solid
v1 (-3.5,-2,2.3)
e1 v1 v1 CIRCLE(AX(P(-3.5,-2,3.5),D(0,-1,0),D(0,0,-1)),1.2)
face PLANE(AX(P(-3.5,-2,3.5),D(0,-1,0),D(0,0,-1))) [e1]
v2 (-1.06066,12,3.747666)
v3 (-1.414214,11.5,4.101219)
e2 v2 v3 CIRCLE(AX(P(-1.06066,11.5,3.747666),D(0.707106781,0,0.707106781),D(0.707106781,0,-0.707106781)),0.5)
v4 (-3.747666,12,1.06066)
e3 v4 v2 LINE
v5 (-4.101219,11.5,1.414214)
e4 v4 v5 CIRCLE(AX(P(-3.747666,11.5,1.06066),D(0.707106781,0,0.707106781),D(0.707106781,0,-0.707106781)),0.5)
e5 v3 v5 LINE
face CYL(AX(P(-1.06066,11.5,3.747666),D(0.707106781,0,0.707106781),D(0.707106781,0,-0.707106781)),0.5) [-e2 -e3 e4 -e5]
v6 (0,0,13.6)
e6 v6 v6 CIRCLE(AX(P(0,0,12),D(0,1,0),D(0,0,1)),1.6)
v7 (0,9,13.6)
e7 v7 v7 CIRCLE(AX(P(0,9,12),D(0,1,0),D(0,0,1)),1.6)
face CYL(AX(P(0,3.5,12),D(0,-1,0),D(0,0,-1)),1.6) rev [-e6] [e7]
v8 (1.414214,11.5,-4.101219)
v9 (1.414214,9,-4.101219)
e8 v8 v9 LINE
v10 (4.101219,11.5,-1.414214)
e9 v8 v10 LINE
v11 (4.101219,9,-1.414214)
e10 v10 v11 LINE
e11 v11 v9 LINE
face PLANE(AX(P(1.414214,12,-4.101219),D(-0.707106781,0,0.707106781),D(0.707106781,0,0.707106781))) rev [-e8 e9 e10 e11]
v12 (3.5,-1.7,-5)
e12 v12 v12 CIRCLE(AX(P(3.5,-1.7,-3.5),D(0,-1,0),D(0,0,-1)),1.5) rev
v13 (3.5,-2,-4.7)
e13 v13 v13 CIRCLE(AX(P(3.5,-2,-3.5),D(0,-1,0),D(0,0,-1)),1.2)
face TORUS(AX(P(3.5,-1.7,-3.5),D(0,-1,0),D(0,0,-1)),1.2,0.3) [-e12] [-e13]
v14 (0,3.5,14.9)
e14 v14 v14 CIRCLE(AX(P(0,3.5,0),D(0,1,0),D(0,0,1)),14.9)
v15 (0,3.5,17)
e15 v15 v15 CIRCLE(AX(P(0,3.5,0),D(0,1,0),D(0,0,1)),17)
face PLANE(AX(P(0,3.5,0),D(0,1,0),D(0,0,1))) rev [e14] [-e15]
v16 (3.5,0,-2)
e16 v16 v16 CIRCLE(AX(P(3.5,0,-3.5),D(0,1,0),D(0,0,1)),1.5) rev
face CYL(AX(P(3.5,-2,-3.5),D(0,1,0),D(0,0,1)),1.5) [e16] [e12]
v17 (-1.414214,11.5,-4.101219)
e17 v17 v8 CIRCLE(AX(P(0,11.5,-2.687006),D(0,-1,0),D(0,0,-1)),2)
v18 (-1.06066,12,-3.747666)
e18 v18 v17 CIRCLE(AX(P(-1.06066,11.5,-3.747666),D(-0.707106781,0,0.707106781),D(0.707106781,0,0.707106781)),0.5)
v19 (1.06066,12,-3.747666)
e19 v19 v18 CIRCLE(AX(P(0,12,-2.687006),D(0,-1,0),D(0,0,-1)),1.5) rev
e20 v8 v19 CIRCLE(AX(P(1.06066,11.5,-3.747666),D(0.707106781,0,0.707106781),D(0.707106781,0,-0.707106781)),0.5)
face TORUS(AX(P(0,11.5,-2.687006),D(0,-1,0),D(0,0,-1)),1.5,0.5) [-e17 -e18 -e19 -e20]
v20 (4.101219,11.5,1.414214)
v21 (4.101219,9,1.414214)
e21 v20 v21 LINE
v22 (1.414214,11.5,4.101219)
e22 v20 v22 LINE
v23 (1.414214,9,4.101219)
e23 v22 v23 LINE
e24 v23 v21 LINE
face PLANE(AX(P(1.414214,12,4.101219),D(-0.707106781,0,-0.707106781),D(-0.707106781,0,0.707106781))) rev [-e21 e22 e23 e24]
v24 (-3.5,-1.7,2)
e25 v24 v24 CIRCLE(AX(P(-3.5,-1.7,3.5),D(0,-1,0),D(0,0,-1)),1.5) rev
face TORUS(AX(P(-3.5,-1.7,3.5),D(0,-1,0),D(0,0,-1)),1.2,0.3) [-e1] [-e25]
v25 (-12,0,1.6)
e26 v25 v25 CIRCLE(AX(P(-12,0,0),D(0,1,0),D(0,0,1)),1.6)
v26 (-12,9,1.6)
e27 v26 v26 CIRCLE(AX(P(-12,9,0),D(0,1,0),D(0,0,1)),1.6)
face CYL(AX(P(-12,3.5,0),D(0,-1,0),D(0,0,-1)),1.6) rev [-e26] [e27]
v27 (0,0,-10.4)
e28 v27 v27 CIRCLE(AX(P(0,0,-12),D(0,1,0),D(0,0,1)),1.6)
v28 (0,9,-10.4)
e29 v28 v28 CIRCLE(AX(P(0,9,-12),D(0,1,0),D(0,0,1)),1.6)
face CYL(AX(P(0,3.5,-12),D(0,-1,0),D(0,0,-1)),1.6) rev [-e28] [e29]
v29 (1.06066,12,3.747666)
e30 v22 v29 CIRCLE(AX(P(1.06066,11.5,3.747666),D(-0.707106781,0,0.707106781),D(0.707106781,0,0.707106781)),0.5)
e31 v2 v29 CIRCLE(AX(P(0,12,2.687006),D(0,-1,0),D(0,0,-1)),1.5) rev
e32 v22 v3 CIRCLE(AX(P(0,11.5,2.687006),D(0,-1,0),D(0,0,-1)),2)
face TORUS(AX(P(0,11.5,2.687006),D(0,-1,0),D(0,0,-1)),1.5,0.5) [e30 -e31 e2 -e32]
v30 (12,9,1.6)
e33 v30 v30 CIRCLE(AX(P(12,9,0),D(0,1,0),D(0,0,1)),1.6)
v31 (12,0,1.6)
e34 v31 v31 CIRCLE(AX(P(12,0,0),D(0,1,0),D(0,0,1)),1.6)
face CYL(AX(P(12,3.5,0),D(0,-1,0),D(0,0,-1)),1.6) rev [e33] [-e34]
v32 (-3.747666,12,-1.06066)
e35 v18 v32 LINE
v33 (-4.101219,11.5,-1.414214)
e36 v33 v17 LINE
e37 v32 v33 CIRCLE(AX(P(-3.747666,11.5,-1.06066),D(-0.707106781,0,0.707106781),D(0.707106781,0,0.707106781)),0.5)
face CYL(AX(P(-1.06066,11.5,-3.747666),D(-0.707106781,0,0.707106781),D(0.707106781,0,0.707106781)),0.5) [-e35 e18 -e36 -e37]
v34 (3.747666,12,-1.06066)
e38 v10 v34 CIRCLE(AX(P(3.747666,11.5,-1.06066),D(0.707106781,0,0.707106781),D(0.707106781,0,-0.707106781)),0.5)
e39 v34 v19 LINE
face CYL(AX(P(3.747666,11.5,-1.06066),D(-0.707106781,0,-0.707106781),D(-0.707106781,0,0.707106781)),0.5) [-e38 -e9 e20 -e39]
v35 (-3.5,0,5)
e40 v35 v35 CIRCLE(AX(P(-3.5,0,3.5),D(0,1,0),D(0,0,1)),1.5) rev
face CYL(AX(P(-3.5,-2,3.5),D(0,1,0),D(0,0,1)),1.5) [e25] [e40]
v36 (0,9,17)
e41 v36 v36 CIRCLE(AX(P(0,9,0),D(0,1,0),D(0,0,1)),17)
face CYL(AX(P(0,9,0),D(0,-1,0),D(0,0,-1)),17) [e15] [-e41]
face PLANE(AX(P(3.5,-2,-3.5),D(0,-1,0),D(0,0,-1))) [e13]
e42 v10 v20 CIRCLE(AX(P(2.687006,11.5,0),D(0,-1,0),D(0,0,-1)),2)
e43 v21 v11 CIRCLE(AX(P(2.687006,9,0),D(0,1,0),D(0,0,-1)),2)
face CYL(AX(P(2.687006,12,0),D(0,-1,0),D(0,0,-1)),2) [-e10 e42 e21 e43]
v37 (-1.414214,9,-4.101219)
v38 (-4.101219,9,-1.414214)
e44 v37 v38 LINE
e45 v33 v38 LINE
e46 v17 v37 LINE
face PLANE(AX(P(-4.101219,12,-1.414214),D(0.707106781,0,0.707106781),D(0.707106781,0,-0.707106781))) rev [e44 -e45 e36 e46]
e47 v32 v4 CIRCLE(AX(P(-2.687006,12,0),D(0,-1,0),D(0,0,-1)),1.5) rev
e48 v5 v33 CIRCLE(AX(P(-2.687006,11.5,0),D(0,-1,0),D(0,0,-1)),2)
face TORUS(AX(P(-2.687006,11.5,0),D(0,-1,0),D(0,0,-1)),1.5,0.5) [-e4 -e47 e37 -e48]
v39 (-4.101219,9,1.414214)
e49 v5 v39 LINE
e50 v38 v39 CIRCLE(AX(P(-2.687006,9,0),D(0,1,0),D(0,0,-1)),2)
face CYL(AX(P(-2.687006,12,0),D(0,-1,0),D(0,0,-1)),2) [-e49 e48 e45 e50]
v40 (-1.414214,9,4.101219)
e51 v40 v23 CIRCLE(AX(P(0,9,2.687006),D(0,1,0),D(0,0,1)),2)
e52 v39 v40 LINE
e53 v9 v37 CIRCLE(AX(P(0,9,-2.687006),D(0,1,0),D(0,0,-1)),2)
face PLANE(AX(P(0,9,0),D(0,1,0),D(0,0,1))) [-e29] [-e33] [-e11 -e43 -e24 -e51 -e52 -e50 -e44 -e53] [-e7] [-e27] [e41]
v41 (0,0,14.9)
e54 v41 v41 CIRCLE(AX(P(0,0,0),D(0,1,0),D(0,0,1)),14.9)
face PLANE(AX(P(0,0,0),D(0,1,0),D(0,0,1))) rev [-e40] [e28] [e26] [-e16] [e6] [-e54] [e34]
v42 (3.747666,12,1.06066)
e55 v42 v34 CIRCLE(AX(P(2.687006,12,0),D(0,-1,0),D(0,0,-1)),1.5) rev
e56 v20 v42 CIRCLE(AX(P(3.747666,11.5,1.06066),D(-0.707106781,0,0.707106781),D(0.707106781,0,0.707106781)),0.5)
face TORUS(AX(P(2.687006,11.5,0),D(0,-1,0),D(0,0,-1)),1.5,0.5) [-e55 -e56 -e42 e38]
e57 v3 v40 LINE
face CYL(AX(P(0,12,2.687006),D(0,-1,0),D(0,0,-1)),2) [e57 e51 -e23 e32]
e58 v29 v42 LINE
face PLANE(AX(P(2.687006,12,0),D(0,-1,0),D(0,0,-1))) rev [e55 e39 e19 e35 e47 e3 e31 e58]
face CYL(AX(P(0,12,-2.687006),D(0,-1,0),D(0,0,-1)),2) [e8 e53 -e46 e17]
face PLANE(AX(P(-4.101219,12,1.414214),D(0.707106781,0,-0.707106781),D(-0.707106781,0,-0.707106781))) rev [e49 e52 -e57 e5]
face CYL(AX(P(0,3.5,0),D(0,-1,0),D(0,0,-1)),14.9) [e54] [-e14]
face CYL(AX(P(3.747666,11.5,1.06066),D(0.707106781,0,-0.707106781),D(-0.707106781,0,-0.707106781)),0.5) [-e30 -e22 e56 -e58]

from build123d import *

# Parameters (mm, degrees)
SKETCH1_R           = 14.9
SKETCH1_R_2         = 1.6
BOSS_EXTRUDE1_DEPTH = 3.5
SKETCH2_R           = 1.5
BOSS_EXTRUDE2_DEPTH = 2
FILLET1_R           = 0.3
SKETCH3_R           = 17
SKETCH3_R_2         = 1.6
BOSS_EXTRUDE3_DEPTH = 5.5
BOSS_EXTRUDE4_DEPTH = 3
FILLET2_R           = 0.5


with BuildPart() as part:
    # Sketch1 → Boss-Extrude1 (new body)
    with BuildSketch(Plane(origin=(0, 0, 0), x_dir=(1, 0, 0), z_dir=(0, 1, 0))):
        Circle(SKETCH1_R)
        with Locations((0, 12)):
            Circle(SKETCH1_R_2, mode=Mode.SUBTRACT)
        with Locations((12, 0)):
            Circle(SKETCH1_R_2, mode=Mode.SUBTRACT)
        with Locations((0, -12)):
            Circle(SKETCH1_R_2, mode=Mode.SUBTRACT)
        with Locations((-12, 0)):
            Circle(SKETCH1_R_2, mode=Mode.SUBTRACT)
    extrude(amount=BOSS_EXTRUDE1_DEPTH)

    # Sketch2 → Boss-Extrude2 (add)
    with BuildSketch(Plane.XZ):
        with Locations((3.5, -3.5)):
            Circle(SKETCH2_R)
        with Locations((-3.5, 3.5)):
            Circle(SKETCH2_R)
    extrude(amount=BOSS_EXTRUDE2_DEPTH)

    # Fillet1
    fillet1_edges = [part.edges().sort_by_distance(p)[0] for p in [
        (2, -2, -3.5),
        (-5, -2, 3.5),
    ]]
    fillet(fillet1_edges, radius=FILLET1_R)

    # Sketch3 → Boss-Extrude3 (add)
    with BuildSketch(Plane(origin=(0, 3.5, 0), x_dir=(1, 0, 0), z_dir=(0, 1, 0))):
        Circle(SKETCH3_R)
        with Locations((12, 0)):
            Circle(SKETCH3_R_2, mode=Mode.SUBTRACT)
        with Locations((0, -12)):
            Circle(SKETCH3_R_2, mode=Mode.SUBTRACT)
        with Locations((-12, 0)):
            Circle(SKETCH3_R_2, mode=Mode.SUBTRACT)
        with Locations((0, 12)):
            Circle(SKETCH3_R_2, mode=Mode.SUBTRACT)
    extrude(amount=BOSS_EXTRUDE3_DEPTH)

    # Sketch4 → Boss-Extrude4 (add)
    with BuildSketch(Plane(origin=(0, 9, 0), x_dir=(1, 0, 0), z_dir=(0, 1, 0))):
        with BuildLine():
            Line((-4.101219331, 1.414213562), (-1.414213562, 4.101219331))
            ThreePointArc((-1.414213562, 4.101219331), (0, 4.687005769), (1.414213562, 4.101219331))
            Line((1.414213562, 4.101219331), (4.101219331, 1.414213562))
            ThreePointArc((4.101219331, 1.414213562), (4.687005769, 0), (4.101219331, -1.414213562))
            Line((4.101219331, -1.414213562), (1.414213562, -4.101219331))
            ThreePointArc((1.414213562, -4.101219331), (0, -4.687005769), (-1.414213562, -4.101219331))
            Line((-1.414213562, -4.101219331), (-4.101219331, -1.414213562))
            ThreePointArc((-4.101219331, -1.414213562), (-4.687005769, 0), (-4.101219331, 1.414213562))
        make_face()
    extrude(amount=BOSS_EXTRUDE4_DEPTH)

    # Fillet2
    fillet2_edges = [part.edges().sort_by_distance(p)[0] for p in [
        (4.687005769, 12, 0),
        (2.757716447, 12, -2.757716447),
        (0, 12, -4.687005769),
        (-2.757716447, 12, -2.757716447),
        (-4.687005769, 12, 0),
        (-2.757716447, 12, 2.757716447),
        (0, 12, 4.687005769),
        (2.757716447, 12, 2.757716447),
    ]]
    fillet(fillet2_edges, radius=FILLET2_R)


solid = part.part
